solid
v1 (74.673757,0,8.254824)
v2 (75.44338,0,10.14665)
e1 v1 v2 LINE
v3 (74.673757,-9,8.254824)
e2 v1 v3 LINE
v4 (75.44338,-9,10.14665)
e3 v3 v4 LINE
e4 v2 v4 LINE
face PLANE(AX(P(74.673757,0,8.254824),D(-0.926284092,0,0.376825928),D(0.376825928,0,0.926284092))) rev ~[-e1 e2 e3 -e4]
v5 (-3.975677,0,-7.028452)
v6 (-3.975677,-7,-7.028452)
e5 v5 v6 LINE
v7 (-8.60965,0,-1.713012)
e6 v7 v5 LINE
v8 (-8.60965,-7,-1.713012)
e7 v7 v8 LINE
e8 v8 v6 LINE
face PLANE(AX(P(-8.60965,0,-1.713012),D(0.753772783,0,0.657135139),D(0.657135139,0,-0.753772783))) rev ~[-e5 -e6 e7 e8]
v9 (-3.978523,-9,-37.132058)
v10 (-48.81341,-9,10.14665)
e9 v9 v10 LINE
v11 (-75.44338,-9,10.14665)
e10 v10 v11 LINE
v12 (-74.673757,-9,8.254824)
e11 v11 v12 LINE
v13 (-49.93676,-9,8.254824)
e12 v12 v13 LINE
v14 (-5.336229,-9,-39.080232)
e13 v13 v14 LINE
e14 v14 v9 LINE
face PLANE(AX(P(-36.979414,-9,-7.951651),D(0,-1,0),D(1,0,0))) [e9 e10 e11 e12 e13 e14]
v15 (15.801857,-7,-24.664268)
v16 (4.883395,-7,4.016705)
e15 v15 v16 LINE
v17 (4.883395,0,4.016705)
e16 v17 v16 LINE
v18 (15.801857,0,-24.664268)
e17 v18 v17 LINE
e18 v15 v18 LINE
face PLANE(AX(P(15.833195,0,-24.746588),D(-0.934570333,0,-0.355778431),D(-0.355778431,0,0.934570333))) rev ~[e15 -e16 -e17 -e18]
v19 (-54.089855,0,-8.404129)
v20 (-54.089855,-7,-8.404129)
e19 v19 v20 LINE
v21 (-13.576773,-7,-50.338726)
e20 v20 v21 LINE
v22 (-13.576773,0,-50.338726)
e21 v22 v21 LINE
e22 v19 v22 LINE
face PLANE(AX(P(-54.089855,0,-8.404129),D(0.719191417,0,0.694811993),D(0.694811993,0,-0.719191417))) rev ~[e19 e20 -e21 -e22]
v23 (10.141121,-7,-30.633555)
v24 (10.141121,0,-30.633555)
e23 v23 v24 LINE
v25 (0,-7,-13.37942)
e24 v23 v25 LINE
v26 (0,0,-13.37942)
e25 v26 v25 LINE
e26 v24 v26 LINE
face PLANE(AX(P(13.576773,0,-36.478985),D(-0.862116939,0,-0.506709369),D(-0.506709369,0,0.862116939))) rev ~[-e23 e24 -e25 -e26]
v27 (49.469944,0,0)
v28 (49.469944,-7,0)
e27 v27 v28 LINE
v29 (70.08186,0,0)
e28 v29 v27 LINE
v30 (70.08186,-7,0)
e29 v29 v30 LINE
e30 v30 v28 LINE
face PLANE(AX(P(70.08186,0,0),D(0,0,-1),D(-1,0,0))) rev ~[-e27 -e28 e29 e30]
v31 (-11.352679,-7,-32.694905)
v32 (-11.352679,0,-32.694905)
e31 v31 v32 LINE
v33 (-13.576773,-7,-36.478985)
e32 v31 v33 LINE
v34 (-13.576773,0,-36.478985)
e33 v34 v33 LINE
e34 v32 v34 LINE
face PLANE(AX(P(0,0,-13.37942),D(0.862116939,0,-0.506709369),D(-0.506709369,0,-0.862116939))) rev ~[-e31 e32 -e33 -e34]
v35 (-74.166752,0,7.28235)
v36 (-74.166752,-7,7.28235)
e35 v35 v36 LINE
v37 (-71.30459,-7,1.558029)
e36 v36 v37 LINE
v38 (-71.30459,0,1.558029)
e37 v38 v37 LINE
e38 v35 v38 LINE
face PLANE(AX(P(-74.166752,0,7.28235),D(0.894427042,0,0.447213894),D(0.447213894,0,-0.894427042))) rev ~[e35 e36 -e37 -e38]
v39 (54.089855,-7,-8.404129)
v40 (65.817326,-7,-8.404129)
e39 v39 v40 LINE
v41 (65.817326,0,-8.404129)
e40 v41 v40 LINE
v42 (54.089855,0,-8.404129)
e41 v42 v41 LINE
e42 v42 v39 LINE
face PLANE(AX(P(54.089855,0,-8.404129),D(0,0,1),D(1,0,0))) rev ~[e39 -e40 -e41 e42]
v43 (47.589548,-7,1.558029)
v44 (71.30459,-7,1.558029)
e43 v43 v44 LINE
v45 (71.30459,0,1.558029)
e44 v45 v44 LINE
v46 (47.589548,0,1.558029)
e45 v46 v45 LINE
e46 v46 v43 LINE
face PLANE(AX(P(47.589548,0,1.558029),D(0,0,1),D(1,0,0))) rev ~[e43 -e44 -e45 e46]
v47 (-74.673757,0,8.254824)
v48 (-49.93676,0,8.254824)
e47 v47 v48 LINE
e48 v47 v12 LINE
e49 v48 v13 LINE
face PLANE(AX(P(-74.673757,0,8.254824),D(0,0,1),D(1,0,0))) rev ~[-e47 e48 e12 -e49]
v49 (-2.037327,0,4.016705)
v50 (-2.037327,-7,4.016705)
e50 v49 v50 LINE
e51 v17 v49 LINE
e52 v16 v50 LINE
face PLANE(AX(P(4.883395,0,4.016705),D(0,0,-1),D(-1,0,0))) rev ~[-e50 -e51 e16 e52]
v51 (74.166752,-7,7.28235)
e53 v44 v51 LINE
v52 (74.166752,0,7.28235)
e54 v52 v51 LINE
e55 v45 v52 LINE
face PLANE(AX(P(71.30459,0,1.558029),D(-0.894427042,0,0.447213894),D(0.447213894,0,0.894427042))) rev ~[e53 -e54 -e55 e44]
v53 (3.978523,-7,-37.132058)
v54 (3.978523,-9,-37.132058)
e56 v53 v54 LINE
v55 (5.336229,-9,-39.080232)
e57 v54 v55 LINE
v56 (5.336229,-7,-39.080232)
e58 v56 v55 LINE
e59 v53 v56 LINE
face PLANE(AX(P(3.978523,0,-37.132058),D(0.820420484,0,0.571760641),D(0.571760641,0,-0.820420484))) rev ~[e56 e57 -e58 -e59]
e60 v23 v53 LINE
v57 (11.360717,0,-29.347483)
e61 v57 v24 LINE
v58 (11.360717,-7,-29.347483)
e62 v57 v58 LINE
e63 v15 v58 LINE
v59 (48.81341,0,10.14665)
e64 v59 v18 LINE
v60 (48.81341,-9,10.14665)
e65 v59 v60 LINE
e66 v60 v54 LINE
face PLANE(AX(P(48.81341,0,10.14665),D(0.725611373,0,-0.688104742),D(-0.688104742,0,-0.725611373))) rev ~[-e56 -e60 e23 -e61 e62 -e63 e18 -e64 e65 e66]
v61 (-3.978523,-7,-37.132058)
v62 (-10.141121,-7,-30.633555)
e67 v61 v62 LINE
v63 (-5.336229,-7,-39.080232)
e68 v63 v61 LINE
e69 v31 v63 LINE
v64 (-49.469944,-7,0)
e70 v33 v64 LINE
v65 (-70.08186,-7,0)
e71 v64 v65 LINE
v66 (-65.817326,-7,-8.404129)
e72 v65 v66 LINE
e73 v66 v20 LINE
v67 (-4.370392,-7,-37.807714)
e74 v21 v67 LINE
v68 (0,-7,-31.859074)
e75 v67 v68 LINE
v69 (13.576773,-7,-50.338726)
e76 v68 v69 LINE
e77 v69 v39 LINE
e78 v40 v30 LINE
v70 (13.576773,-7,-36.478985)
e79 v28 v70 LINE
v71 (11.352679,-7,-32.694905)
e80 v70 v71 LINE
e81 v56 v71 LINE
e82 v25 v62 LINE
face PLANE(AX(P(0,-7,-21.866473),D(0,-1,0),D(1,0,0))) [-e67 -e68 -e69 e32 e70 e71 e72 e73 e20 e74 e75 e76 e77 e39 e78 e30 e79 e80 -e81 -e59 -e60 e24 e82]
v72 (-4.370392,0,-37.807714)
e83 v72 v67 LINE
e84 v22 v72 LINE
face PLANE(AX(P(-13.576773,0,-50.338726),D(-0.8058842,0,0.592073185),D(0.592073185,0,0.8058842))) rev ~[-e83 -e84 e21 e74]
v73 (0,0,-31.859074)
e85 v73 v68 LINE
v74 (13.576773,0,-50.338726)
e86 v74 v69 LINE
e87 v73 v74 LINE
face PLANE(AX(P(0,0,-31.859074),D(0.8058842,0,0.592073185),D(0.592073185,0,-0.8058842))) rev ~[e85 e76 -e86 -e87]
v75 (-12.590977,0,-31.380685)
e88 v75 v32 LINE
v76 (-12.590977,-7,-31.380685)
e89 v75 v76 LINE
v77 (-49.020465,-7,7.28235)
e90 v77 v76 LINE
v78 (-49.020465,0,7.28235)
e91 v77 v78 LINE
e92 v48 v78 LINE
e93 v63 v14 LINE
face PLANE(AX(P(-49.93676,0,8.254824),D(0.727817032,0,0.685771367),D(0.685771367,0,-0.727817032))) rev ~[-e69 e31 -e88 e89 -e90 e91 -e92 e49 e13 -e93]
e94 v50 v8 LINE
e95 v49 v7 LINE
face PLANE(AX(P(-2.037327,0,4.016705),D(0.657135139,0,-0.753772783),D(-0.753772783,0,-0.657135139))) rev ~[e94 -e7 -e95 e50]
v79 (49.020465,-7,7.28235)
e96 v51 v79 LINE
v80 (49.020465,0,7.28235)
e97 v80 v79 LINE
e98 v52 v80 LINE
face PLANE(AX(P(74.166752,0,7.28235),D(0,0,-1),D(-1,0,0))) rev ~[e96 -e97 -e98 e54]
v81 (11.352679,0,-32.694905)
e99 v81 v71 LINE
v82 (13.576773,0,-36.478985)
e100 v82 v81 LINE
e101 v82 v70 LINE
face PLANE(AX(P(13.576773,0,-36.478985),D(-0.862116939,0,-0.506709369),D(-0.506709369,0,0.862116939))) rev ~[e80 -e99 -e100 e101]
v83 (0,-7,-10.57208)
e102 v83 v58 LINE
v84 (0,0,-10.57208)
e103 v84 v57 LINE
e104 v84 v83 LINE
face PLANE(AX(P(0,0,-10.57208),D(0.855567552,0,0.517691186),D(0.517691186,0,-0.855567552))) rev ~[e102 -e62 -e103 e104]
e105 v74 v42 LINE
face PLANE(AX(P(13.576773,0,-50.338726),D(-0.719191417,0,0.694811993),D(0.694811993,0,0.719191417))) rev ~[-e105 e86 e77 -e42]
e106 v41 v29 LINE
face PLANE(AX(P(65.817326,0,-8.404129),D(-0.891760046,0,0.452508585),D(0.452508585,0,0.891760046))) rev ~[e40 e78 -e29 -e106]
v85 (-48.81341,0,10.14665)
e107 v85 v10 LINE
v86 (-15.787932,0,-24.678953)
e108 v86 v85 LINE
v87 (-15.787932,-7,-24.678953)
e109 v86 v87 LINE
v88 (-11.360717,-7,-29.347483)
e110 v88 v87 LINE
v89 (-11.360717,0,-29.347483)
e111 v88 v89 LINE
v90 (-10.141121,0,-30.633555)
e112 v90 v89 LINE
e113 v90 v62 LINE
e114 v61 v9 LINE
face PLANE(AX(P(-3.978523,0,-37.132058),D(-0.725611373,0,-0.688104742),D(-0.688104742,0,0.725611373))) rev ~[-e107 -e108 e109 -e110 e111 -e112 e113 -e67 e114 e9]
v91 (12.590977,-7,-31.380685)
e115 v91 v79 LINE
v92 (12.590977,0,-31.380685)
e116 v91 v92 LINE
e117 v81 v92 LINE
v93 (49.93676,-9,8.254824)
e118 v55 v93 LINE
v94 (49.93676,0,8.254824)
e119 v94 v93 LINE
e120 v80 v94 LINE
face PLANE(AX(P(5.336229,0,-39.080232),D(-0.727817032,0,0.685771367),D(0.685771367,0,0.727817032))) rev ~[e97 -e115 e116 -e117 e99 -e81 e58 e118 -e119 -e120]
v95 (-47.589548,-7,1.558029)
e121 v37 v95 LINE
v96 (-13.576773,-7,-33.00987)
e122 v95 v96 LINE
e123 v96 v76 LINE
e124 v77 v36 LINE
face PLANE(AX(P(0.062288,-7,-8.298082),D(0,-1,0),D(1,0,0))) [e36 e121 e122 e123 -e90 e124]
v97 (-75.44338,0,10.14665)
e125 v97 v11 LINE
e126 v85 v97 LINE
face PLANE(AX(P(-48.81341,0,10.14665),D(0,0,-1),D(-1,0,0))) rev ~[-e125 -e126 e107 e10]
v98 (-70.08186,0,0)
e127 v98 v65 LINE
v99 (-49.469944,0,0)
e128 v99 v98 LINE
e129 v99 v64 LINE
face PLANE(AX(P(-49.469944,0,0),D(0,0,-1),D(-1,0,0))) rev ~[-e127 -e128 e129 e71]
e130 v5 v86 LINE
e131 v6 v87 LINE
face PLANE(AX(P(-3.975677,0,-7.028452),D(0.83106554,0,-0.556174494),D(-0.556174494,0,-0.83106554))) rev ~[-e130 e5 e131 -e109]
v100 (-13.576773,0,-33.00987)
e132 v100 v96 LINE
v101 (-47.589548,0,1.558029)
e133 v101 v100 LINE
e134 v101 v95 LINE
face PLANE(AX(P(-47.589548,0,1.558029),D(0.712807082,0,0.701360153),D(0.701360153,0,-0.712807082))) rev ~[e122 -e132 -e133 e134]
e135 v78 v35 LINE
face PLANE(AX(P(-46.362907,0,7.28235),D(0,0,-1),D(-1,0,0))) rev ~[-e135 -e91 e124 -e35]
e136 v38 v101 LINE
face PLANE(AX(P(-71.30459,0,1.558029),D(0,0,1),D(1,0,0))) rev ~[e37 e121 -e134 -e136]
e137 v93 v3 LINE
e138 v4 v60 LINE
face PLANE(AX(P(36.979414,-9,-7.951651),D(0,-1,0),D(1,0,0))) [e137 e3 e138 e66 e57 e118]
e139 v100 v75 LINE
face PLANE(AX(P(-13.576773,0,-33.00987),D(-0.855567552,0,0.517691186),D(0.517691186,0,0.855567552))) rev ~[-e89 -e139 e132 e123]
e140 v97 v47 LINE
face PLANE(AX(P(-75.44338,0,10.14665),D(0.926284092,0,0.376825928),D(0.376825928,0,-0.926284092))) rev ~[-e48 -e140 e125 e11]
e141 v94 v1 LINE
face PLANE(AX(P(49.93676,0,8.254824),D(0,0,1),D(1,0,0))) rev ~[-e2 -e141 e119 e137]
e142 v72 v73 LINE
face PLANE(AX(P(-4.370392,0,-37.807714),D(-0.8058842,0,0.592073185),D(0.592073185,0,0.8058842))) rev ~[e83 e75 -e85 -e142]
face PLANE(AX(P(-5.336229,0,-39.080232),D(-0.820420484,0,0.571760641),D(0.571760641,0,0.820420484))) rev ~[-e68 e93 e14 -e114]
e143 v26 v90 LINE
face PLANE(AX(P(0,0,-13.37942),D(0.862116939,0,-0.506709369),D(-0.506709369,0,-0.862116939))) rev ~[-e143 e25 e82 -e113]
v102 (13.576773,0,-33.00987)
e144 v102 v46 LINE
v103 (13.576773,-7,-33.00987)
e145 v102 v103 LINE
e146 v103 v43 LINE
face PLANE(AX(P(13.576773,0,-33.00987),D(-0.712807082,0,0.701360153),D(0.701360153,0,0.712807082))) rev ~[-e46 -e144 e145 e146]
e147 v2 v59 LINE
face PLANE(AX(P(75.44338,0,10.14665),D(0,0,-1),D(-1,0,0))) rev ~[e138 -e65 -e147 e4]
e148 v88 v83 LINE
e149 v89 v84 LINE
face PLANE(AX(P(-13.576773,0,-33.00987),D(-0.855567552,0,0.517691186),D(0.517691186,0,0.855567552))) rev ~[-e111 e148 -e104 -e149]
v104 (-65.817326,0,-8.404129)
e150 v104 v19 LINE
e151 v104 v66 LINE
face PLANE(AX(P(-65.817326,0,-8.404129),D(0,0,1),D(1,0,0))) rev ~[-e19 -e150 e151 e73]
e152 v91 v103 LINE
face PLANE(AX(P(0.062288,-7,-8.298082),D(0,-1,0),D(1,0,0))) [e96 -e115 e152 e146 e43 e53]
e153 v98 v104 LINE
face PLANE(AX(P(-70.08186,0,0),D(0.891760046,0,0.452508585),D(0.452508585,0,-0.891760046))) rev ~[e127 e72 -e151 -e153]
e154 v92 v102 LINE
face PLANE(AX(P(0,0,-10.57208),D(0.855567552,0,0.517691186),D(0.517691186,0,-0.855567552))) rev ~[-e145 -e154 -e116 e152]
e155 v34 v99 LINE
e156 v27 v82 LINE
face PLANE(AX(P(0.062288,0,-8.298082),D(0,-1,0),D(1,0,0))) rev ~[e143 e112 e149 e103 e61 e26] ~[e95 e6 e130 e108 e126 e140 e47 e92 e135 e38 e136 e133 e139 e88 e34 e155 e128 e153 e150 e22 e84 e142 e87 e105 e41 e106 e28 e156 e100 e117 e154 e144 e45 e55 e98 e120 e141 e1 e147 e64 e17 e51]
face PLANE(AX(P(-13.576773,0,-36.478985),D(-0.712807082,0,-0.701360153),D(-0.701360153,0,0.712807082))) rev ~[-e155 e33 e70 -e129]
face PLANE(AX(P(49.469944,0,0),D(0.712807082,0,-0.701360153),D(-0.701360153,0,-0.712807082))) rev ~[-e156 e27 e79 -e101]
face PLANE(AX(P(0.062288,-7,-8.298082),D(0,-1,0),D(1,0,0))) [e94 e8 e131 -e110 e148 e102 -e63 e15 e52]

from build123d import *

# Parameters (mm, degrees)
F2_DEPTH = 9
F3_DEPTH = 7


with BuildPart() as f2:
    # F1 (on Front) → F2 (new body)
    with BuildSketch(Plane.XZ):
        Polygon((-75.443379581, 10.1466504857), (-74.6737569571, 8.2548242062), (-49.936760217, 8.2548242062), (-5.3362287581, -39.0802323818), (-3.9785234258, -37.1320582926), (-48.8134101033, 10.1466504857), align=None)
    extrude(amount=F2_DEPTH)



with BuildPart() as f2b:
    # F1 (on Front) → F2, piece 2 (new body)
    with BuildSketch(Plane.XZ):
        Polygon((75.443379581, 10.1466504857), (48.8134101033, 10.1466504857), (3.9785234258, -37.1320582926), (5.3362287581, -39.0802323818), (49.936760217, 8.2548242062), (74.6737569571, 8.2548242062), align=None)
    extrude(amount=F2_DEPTH)


with BuildPart() as f2_1:
    add(f2.part)

    add(f2b.part)  # F3 merges F2b
    # F0 (on Front) → F3 (join)
    with BuildSketch(Plane.XZ):
        Polygon((-74.166752398, 7.2823497467), (-71.30458951, 1.5580287436), (-47.5895479321, 1.5580287436), (-13.5767729953, -33.0098701724), (0, -10.5720795691), (13.5767729953, -33.0098701724), (47.5895479321, 1.5580287436), (71.30458951, 1.5580287436), (74.166752398, 7.2823497467), (46.3629066944, 7.2823497467), (15.8331952989, -24.7465875), (4.8833945766, 4.0167045015), (-2.0373270524, 4.0167045015), (-8.6096497253, -1.7130117631), (-3.9756768383, -7.0284521207), (-15.8331952989, -24.7465875), (-46.3629066944, 7.2823497467), align=None)
        Polygon((13.5767729953, -36.478985101), (0, -13.3794201538), (-13.5767729953, -36.478985101), (-49.4699440897, 0), (-70.081859827, 0), (-65.8173263073, -8.4041291848), (-54.0898554027, -8.4041291848), (-13.5767729953, -50.3387264907), (-6.7883864976, -41.0989001393), (-4.3703924554, -37.8077137762), (0, -31.8590737879), (13.5767729953, -50.3387264907), (54.0898554027, -8.4041291848), (65.8173263073, -8.4041291848), (70.081859827, 0), (49.4699440897, 0), align=None)
    extrude(amount=F3_DEPTH)


solid = f2_1.part
